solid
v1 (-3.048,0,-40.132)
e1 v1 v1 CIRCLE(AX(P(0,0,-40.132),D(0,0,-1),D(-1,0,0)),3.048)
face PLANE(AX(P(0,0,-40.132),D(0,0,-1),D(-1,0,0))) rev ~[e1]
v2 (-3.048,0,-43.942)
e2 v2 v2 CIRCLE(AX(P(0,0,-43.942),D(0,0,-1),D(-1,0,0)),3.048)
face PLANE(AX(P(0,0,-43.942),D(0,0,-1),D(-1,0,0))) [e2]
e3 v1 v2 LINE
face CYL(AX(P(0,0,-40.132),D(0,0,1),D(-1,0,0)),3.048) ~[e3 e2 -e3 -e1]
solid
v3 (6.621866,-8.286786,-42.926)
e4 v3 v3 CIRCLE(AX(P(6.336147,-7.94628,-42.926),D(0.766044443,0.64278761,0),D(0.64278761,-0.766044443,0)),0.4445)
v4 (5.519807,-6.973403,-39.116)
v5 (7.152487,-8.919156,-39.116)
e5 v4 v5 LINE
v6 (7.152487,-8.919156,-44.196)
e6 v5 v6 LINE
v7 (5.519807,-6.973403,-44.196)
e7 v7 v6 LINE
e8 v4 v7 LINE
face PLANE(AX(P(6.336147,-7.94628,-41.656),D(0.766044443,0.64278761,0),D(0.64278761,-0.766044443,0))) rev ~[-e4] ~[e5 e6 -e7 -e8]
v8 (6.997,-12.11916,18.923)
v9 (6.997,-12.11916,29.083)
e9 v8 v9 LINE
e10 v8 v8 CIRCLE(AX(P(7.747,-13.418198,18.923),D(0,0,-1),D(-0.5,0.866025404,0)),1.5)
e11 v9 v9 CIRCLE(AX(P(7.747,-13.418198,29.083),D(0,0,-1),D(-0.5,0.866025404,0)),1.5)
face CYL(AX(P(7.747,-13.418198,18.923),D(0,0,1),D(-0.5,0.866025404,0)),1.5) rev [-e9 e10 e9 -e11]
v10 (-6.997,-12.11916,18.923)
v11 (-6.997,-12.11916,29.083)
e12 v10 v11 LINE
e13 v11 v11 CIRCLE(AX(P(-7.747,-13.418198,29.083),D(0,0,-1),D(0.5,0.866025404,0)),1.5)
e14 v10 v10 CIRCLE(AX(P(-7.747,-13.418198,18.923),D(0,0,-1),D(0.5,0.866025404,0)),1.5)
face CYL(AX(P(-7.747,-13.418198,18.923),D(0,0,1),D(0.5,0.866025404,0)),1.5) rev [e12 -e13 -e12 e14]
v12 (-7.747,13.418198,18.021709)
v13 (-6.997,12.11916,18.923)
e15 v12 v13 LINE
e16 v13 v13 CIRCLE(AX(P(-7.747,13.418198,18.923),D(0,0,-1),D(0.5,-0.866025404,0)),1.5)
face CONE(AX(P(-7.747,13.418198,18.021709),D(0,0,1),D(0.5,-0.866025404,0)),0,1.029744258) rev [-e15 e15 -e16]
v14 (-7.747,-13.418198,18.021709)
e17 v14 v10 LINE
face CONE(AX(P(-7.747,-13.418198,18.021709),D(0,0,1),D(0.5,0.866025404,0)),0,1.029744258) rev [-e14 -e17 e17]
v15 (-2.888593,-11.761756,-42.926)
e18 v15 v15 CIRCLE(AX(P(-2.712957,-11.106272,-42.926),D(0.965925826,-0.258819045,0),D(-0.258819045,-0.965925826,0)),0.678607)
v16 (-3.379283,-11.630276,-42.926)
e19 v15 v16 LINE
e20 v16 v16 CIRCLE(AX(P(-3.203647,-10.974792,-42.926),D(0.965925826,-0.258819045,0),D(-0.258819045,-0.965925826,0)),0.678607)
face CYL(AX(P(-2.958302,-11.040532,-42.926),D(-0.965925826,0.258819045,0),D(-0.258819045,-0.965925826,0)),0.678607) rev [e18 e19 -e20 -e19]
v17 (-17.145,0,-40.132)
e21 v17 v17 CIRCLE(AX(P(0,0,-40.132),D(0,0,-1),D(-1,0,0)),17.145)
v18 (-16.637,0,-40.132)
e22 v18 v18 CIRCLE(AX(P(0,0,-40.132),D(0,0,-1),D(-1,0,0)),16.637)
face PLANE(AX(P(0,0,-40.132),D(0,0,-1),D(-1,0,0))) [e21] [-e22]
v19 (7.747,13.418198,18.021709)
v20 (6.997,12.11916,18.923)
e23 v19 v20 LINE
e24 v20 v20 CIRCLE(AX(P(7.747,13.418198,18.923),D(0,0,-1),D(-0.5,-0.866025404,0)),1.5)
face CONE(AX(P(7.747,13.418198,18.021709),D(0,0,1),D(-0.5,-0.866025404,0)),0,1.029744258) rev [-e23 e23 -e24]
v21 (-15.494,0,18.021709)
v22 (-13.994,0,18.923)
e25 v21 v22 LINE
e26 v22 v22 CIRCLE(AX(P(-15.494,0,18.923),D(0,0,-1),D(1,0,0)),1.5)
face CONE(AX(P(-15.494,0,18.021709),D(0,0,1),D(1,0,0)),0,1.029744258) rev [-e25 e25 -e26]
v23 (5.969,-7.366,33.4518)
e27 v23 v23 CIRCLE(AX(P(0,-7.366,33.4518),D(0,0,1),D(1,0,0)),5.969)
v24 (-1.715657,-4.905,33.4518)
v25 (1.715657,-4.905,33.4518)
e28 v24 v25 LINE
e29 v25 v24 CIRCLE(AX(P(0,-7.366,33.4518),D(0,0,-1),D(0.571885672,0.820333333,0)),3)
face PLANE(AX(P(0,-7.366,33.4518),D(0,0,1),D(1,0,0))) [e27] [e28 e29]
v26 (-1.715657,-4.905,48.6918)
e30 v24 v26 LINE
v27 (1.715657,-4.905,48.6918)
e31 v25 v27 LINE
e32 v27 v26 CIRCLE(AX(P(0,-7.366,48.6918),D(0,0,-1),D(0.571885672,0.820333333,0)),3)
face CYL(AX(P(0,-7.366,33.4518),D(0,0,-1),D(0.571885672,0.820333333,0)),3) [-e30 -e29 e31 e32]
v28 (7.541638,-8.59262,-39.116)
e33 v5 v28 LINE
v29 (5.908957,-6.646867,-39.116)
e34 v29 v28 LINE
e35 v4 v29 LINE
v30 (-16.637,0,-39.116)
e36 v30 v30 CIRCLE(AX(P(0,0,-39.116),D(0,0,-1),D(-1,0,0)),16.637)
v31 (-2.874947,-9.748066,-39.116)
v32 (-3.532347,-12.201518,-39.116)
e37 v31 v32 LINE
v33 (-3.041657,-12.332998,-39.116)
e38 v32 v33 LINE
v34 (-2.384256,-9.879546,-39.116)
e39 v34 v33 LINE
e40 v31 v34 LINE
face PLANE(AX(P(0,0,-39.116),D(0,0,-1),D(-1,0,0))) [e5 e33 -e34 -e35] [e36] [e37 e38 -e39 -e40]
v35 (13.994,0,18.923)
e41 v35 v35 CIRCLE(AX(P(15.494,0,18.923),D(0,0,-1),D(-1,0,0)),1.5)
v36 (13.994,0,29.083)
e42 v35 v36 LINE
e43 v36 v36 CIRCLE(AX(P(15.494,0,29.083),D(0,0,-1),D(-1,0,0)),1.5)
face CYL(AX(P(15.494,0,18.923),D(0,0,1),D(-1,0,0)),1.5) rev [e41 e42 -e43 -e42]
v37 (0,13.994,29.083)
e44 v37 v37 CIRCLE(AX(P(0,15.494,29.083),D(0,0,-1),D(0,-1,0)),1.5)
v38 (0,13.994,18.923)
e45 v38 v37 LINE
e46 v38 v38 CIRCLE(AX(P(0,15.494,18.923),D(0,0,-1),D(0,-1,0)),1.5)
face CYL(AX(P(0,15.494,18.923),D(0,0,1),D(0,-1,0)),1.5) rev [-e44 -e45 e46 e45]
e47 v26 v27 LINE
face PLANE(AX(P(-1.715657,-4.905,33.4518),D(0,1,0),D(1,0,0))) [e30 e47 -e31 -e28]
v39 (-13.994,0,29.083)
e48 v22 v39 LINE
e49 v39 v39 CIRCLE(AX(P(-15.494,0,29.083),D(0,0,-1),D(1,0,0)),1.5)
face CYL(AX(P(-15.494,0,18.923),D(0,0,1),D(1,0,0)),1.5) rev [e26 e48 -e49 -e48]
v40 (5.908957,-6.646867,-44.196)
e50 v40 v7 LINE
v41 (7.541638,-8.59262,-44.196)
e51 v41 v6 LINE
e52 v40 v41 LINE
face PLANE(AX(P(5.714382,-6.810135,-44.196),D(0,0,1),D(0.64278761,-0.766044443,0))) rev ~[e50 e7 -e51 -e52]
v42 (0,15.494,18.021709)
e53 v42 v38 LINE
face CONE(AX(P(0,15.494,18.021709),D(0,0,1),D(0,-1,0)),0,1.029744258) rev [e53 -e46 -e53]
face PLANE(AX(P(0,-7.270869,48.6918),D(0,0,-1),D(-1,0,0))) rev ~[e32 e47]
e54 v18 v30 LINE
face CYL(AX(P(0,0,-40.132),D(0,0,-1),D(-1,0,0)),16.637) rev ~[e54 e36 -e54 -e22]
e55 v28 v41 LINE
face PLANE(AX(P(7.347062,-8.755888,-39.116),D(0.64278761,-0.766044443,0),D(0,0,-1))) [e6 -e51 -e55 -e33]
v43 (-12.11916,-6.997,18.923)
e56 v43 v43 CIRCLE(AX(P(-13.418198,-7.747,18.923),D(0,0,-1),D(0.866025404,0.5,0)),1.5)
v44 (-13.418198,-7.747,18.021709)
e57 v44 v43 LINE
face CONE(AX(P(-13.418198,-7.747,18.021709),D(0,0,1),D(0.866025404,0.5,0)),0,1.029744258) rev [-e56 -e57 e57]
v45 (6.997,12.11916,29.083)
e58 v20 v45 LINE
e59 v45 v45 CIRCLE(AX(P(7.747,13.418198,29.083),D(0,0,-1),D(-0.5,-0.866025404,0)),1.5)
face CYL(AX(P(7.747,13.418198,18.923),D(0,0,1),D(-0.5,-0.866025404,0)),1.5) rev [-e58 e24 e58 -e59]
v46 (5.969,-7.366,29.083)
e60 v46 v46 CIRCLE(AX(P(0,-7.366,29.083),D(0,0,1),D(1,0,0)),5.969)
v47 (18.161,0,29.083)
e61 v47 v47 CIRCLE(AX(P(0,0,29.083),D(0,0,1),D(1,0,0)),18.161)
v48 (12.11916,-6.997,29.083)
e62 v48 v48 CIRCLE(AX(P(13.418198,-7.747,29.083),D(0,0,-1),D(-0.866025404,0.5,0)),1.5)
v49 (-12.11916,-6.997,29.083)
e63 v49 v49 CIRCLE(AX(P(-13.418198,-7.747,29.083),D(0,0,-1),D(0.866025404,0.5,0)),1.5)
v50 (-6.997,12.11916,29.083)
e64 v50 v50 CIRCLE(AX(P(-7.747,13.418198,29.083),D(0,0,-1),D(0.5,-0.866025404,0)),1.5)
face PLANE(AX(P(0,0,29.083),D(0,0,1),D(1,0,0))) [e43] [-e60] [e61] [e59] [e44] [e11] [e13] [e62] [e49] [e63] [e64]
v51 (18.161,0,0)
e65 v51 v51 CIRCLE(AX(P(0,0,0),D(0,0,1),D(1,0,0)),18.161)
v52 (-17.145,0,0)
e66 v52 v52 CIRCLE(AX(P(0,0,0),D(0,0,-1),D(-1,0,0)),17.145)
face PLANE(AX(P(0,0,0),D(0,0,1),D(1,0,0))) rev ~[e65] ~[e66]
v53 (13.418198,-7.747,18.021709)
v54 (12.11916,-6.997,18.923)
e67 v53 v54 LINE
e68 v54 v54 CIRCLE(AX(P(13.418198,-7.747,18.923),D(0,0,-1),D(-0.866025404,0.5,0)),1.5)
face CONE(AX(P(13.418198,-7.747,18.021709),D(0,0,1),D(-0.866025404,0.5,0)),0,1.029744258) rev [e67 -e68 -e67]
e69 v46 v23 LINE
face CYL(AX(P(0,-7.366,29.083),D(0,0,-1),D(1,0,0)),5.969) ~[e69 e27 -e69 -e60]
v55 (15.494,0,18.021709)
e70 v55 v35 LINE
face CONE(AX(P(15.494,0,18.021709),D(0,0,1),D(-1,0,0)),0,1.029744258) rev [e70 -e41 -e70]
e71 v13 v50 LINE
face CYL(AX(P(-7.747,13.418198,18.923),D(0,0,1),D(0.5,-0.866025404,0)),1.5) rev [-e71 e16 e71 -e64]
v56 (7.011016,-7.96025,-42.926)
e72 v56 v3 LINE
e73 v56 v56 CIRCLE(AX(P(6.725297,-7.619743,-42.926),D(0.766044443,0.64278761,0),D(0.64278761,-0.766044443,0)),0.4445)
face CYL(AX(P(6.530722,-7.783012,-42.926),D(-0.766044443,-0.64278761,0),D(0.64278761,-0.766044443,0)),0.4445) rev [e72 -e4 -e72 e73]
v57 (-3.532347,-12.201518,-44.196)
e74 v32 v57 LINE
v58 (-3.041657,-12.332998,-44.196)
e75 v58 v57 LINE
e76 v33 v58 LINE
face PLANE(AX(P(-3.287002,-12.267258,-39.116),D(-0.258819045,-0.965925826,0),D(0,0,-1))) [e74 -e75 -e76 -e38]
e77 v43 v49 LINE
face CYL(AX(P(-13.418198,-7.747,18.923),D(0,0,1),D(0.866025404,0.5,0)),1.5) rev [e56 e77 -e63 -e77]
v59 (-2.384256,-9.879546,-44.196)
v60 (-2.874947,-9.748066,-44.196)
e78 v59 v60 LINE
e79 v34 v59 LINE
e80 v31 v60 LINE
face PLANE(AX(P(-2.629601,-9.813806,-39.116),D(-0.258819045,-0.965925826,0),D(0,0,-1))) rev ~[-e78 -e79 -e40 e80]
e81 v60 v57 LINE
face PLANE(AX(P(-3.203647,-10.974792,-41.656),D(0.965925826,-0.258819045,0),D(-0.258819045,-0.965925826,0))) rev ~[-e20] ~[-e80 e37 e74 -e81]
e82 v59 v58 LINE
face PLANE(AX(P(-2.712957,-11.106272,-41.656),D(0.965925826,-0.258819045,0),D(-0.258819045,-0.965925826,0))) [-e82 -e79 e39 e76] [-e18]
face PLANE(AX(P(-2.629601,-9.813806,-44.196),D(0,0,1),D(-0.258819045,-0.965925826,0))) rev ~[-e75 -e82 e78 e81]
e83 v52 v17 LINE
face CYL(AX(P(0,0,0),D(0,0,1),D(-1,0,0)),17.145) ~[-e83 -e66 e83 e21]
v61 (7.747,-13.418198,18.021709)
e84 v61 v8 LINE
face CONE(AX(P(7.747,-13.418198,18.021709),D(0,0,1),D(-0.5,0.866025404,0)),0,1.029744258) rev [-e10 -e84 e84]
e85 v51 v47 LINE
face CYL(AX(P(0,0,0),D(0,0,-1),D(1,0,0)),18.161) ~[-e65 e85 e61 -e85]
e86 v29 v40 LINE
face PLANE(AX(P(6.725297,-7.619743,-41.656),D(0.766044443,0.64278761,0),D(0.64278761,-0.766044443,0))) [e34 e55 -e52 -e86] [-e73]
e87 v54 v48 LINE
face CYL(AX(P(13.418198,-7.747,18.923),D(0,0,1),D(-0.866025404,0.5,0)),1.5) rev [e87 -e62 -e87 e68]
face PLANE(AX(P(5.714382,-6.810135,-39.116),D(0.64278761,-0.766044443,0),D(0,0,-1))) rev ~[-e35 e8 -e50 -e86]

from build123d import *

# Parameters (mm, degrees)
SKETCH1_R           = 18.161
BOSS_EXTRUDE1_DEPTH = 29.083
SKETCH5_R           = 5.969
BOSS_EXTRUDE5_DEPTH = 4.3688
BOSS_EXTRUDE6_DEPTH = 15.24
CIRPATTERN2_COUNT   = 12
SKETCH2_R           = 17.145
BOSS_EXTRUDE2_DEPTH = 40.132
SKETCH3_R           = 3.048
BOSS_EXTRUDE3_DEPTH = 3.81
SKETCH13_R          = 16.637
CUT_EXTRUDE1_DEPTH  = 1.016
SKETCH15_W          = 2.54
SKETCH15_H          = 5.08
SKETCH15_R          = 0.4445
BOSS_EXTRUDE7_DEPTH = 0.254
SKETCH16_W          = 2.54
SKETCH16_H          = 5.08
SKETCH16_R          = 0.678606607
BOSS_EXTRUDE8_DEPTH = 0.254


with BuildPart() as part:
    # Sketch1 → Boss-Extrude1 (new body)
    with BuildSketch(Plane.XY):
        Circle(SKETCH1_R)
    extrude(amount=BOSS_EXTRUDE1_DEPTH)

    # Sketch5 → Boss-Extrude5 (add)
    with BuildSketch(Plane.XY.offset(29.083)):
        with Locations((0, -7.366)):
            Circle(SKETCH5_R)
    extrude(amount=BOSS_EXTRUDE5_DEPTH)

    # Sketch6 → Boss-Extrude6 (add)
    with BuildSketch(Plane.XY.offset(33.4518)):
        with BuildLine():
            Line((-1.715657017, -4.905), (1.715657017, -4.905))
            ThreePointArc((1.715657017, -4.905), (0, -10.366), (-1.715657017, -4.905))
        make_face()
    extrude(amount=BOSS_EXTRUDE6_DEPTH)

    # Sketch12 → Ø3.0mm Dowel Hole1 (revolve, cut)
    with BuildSketch(Plane(origin=(0, 15.494, 29.083), x_dir=(0, -1, 0), z_dir=(1, 0, 0))):
        Polygon((0, 0), (0, 11.061290929), (1.5, 10.16), (1.5, 0), align=None)
    f_3_0mm_dowel_hole1 = revolve(axis=Axis((0, 15.494, 35.433), (0, 0, -1)), mode=Mode.SUBTRACT)

    # CirPattern2: Ø3.0mm Dowel Hole1 ×12 about axis, 3 skipped
    cirpattern2_axis = Axis((0, 0, 0), (0, 0, -1))
    add([f_3_0mm_dowel_hole1.rotate(cirpattern2_axis, i * 360 / CIRPATTERN2_COUNT) for i in range(1, CIRPATTERN2_COUNT) if i not in (2, 6, 10)], mode=Mode.SUBTRACT)

    # Sketch2 → Boss-Extrude2 (add)
    with BuildSketch(Plane(origin=(0, 0, 0), x_dir=(-1, 0, 0), z_dir=(0, 0, -1))):
        Circle(SKETCH2_R)
    extrude(amount=BOSS_EXTRUDE2_DEPTH)

    # Sketch3 → Boss-Extrude3 (add)
    with BuildSketch(Plane(origin=(0, 0, -40.132), x_dir=(-1, 0, 0), z_dir=(0, 0, -1))):
        Circle(SKETCH3_R)
    extrude(amount=BOSS_EXTRUDE3_DEPTH)

    # Sketch13 → Cut-Extrude1 (cut)
    with BuildSketch(Plane(origin=(0, 0, -40.132), x_dir=(-1, 0, 0), z_dir=(0, 0, -1))):
        Circle(SKETCH13_R)
    extrude(amount=-CUT_EXTRUDE1_DEPTH, mode=Mode.SUBTRACT)

    # Sketch15 → Boss-Extrude7 (add, symmetric)
    with BuildSketch(Plane(origin=(0, 0, 0), x_dir=(0.64278761, -0.766044443, 0), z_dir=(0.766044443, 0.64278761, 0))):
        with Locations((10.16, 41.656)):
            Rectangle(SKETCH15_W, SKETCH15_H)
        with Locations((10.16, 42.926)):
            Circle(SKETCH15_R, mode=Mode.SUBTRACT)
    extrude(amount=BOSS_EXTRUDE7_DEPTH, both=True)

    # Sketch16 → Boss-Extrude8 (add, symmetric)
    with BuildSketch(Plane(origin=(0, 0, 0), x_dir=(-0.258819045, -0.965925826, 0), z_dir=(0.965925826, -0.258819045, 0))):
        with Locations((11.43, 41.656)):
            Rectangle(SKETCH16_W, SKETCH16_H)
        with Locations((11.43, 42.926)):
            Circle(SKETCH16_R, mode=Mode.SUBTRACT)
    extrude(amount=BOSS_EXTRUDE8_DEPTH, both=True)


solid = part.part
